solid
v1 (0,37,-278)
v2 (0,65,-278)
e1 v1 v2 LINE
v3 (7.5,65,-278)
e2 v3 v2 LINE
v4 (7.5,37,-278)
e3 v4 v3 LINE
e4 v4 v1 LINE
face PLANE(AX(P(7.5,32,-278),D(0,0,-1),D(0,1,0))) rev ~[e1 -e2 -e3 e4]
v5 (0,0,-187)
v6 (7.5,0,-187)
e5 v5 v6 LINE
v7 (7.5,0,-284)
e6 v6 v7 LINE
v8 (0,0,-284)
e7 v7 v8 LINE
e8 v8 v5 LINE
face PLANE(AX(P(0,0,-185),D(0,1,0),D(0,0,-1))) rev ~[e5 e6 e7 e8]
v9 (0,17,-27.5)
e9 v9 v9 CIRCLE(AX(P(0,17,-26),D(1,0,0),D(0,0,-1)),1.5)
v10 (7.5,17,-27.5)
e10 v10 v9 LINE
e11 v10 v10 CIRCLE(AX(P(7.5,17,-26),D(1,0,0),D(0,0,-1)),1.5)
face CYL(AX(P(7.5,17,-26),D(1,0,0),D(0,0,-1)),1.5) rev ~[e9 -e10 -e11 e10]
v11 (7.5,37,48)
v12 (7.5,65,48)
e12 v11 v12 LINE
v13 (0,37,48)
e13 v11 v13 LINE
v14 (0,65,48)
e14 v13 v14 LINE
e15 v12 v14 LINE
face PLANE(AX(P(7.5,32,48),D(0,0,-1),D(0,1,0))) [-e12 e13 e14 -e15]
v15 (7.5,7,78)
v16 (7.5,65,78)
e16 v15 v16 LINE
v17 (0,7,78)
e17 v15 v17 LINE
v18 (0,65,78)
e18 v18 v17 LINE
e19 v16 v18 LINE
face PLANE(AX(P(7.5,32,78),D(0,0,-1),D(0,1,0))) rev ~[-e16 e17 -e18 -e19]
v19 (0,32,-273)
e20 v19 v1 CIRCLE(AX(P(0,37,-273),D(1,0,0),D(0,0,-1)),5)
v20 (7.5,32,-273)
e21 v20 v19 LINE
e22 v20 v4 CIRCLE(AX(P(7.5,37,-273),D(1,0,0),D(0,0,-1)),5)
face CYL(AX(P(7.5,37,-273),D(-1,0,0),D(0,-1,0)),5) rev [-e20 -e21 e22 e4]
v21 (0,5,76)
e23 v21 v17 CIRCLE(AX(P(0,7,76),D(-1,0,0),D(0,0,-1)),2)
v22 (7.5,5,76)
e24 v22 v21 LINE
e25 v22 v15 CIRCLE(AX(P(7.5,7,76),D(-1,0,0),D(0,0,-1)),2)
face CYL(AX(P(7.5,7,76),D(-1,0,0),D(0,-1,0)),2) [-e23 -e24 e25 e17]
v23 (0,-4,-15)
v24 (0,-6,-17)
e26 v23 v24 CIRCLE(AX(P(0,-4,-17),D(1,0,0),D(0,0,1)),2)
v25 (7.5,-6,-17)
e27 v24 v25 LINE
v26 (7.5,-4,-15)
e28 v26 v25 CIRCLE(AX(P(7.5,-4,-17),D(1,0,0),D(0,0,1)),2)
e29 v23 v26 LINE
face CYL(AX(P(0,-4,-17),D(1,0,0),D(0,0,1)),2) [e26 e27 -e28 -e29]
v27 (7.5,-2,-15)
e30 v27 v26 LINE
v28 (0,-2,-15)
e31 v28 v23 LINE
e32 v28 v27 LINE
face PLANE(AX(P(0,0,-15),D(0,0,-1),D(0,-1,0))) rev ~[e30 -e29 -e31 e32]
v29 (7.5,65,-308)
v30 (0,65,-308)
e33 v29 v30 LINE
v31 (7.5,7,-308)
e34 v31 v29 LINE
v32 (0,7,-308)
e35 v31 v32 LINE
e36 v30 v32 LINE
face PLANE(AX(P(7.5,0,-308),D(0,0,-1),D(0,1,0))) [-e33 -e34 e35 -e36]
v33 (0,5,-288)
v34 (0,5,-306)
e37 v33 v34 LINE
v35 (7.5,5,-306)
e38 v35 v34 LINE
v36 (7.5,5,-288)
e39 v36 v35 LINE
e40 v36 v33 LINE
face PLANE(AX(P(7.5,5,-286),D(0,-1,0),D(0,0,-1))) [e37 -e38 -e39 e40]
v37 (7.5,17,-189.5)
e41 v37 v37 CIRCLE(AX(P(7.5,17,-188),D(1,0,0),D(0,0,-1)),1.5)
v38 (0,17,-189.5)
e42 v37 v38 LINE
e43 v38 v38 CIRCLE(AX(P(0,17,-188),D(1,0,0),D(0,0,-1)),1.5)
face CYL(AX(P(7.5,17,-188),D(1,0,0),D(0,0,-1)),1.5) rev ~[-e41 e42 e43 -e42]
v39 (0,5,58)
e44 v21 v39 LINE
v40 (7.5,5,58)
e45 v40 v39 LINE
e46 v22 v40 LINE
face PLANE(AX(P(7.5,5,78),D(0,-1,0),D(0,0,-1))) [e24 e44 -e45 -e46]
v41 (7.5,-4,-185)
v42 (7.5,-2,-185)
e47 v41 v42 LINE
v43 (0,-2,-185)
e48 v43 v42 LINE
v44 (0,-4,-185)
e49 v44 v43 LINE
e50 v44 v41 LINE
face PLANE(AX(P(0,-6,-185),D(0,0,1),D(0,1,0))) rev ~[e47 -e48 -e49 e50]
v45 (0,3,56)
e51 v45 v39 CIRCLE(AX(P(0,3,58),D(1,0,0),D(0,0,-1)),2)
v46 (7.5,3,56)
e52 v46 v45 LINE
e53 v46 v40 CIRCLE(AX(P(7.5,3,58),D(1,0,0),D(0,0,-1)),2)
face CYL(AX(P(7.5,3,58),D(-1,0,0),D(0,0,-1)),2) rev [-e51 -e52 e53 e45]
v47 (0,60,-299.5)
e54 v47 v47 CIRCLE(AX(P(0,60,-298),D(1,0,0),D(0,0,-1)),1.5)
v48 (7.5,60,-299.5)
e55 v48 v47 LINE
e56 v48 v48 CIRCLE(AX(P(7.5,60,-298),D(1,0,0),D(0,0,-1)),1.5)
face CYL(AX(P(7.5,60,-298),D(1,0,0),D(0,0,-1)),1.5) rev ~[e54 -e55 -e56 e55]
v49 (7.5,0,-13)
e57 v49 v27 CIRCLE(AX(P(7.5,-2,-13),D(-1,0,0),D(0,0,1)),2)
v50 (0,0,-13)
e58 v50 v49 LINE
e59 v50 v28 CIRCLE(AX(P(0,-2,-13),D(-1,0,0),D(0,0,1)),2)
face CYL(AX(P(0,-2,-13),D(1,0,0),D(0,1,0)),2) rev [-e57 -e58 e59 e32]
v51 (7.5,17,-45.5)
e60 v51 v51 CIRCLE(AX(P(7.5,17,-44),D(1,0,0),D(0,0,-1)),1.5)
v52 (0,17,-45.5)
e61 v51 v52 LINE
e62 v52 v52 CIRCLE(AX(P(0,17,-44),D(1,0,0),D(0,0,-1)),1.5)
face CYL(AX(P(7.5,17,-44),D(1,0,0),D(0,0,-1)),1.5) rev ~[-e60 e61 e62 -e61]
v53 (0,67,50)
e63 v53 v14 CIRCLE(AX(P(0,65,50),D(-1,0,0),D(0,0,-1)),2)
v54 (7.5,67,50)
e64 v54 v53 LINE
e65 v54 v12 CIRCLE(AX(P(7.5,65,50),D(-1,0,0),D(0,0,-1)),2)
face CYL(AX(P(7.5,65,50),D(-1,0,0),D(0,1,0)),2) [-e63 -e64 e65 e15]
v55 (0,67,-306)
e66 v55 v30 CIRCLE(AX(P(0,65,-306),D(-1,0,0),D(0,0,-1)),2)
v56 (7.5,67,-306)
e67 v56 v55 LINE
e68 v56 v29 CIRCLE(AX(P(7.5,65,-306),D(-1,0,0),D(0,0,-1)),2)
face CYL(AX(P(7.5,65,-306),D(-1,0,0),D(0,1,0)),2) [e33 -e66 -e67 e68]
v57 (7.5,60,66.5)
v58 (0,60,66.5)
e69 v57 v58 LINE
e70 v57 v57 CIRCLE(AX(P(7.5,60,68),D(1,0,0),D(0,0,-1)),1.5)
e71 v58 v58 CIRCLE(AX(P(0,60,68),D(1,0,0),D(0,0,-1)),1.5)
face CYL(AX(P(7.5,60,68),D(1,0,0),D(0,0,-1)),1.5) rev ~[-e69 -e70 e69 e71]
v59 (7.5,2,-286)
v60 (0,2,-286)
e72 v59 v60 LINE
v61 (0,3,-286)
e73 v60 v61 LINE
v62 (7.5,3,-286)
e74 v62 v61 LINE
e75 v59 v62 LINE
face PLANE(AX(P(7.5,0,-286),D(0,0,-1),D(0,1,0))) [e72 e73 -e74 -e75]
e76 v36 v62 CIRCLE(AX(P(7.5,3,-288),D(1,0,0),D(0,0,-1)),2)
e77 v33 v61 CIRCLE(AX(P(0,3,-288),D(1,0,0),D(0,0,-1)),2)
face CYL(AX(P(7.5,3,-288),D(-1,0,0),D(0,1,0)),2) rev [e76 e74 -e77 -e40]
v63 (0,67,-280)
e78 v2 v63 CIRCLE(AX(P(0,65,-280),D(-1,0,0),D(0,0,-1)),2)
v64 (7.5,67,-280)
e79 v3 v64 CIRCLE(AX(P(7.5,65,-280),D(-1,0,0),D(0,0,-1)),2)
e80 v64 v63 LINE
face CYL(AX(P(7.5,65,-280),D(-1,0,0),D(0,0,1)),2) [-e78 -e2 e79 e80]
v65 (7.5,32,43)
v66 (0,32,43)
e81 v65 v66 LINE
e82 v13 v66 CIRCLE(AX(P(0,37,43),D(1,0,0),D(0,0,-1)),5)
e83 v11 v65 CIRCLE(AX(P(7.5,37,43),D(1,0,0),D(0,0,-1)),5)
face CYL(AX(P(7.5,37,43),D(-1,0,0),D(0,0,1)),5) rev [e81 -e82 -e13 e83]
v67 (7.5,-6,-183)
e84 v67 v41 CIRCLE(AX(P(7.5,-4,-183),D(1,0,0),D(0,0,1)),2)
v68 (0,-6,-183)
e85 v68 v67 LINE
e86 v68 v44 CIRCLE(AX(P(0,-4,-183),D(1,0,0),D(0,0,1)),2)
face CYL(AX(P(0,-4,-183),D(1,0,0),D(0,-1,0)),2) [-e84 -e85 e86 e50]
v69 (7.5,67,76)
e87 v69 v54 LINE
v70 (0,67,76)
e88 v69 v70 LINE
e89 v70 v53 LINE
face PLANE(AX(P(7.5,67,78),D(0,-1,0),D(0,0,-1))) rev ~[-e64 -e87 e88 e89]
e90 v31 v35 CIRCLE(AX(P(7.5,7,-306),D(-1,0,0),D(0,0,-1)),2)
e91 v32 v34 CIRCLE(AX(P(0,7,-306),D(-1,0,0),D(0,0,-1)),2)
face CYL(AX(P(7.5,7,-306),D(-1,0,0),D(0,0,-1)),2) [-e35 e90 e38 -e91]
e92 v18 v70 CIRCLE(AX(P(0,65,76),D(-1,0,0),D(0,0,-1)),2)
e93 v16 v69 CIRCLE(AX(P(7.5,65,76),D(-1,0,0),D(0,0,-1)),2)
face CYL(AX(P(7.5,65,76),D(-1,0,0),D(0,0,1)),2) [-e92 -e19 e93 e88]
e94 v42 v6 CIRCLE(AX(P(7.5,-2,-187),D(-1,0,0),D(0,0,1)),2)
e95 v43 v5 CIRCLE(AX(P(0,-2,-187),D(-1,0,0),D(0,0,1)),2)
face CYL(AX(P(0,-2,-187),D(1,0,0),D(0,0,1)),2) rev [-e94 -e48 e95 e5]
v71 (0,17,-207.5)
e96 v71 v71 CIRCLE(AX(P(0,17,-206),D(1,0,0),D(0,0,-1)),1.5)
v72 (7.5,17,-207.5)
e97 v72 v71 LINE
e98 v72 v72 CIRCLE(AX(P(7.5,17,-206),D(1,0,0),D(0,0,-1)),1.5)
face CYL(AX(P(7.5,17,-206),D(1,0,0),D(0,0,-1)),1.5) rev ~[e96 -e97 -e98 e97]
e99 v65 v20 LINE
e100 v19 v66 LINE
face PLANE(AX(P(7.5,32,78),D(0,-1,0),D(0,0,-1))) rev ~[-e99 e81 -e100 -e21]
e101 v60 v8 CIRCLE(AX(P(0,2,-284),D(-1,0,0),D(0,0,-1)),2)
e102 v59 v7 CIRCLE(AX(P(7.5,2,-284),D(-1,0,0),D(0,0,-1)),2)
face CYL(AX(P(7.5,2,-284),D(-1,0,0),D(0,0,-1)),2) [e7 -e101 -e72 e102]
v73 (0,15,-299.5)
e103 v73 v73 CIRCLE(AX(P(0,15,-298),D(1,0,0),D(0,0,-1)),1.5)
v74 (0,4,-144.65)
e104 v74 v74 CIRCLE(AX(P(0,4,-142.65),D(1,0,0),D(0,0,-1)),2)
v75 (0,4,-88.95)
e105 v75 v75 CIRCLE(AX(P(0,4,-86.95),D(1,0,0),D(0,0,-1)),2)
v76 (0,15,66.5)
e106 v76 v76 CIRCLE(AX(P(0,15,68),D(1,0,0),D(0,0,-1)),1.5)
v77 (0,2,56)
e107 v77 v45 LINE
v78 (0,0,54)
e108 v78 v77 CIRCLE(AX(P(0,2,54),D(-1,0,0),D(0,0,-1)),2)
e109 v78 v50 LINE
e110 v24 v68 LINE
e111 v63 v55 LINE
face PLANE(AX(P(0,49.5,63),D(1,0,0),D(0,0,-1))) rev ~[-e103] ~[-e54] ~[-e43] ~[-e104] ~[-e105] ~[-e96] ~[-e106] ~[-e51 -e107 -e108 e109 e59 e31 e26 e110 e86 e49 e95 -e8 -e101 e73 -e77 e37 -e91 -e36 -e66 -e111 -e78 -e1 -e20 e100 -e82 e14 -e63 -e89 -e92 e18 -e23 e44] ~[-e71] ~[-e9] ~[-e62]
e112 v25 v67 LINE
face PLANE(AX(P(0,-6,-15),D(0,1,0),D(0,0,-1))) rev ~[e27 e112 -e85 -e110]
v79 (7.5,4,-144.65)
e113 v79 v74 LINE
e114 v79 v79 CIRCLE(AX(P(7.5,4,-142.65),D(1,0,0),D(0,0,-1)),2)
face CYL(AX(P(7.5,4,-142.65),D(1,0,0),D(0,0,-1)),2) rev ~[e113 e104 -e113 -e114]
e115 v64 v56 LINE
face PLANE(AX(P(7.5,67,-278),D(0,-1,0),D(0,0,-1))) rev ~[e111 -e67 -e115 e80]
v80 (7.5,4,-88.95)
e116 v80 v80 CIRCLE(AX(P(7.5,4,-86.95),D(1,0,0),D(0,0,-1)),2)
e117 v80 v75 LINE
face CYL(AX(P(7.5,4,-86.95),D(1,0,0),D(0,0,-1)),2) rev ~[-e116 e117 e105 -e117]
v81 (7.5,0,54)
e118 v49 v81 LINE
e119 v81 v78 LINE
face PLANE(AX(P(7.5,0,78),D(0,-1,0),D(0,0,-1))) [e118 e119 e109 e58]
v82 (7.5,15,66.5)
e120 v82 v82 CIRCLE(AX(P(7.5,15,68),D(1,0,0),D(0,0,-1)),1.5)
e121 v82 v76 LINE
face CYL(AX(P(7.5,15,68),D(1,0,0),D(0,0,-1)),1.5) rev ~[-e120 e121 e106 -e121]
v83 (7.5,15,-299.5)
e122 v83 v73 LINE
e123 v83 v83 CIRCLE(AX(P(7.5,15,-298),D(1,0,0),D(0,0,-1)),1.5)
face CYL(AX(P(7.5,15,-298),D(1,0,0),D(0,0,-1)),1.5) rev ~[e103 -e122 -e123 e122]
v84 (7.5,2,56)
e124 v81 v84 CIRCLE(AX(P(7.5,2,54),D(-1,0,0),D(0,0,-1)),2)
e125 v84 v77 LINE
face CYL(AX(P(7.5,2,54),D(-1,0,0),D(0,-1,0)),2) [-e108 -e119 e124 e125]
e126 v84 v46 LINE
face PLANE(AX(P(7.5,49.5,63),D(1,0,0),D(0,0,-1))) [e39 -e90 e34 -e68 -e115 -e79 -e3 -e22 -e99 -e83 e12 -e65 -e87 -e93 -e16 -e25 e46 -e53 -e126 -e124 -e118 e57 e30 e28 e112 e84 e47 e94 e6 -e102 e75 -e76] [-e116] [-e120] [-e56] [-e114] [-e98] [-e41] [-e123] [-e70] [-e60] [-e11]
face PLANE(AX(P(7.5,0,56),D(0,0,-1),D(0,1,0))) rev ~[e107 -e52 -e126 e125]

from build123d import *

# Parameters (mm, degrees)
EXTRUDE_1_DEPTH     = 7.5
SKETCH_2_R          = 2
CUT_EXTRUDE_1_DEPTH = 8.5
SKETCH_9_W          = 78
SKETCH_9_H          = 32
SKETCH_9_W_2        = 103
EXTRUDE_3_DEPTH     = 7.5
SKETCH_11_W         = 30
SKETCH_11_H         = 35
EXTRUDE_4_DEPTH     = 7.5
SKETCH_10_R         = 1.5
CUT_EXTRUDE_6_DEPTH = 8.5
FILLET_1_R          = 2
FILLET_3_R          = 5
SKETCH_12_W         = 22
SKETCH_12_H         = 5
CUT_EXTRUDE_7_DEPTH = 8.5
FILLET_4_R          = 2
SKETCH_13_R         = 1.5
CUT_EXTRUDE_8_DEPTH = 8.5


with BuildPart() as part:
    # 草图1 → 凸台-拉伸1 (new body)
    with BuildSketch(Plane(origin=(0, 0, 0), x_dir=(0, 0, -1), z_dir=(1, 0, 0))):
        Polygon((0, 32), (0, 0), (15, 0), (15, -6), (185, -6), (185, 0), (205, 0), (205, 32), align=None)
    extrude(amount=EXTRUDE_1_DEPTH)

    # 草图2 → 切除-拉伸1 (cut, through all)
    with BuildSketch(Plane(origin=(7.5, 0, 0), x_dir=(0, 0, -1), z_dir=(1, 0, 0))):
        with Locations((86.95, 4)):
            Circle(SKETCH_2_R)
        with Locations((142.65, 4)):
            Circle(SKETCH_2_R)
    extrude(amount=-CUT_EXTRUDE_1_DEPTH, mode=Mode.SUBTRACT)

    # 草图9 → 凸台-拉伸3 (add)
    with BuildSketch(Plane(origin=(7.5, 0, 0), x_dir=(0, 0, -1), z_dir=(1, 0, 0))):
        with Locations((-39, 16)):
            Rectangle(SKETCH_9_W, SKETCH_9_H)
        with Locations((256.5, 16)):
            Rectangle(SKETCH_9_W_2, SKETCH_9_H)
    extrude(amount=-EXTRUDE_3_DEPTH)

    # 草图11 → 凸台-拉伸4 (add)
    with BuildSketch(Plane(origin=(7.5, 0, 0), x_dir=(0, 0, -1), z_dir=(1, 0, 0))):
        with Locations((-63, 49.5)):
            Rectangle(SKETCH_11_W, SKETCH_11_H)
        with Locations((293, 49.5)):
            Rectangle(SKETCH_11_W, SKETCH_11_H)
    extrude(amount=-EXTRUDE_4_DEPTH)

    # 草图10 → 切除-拉伸6 (cut, through all)
    with BuildSketch(Plane(origin=(7.5, 0, 0), x_dir=(0, 0, -1), z_dir=(1, 0, 0))):
        with Locations((-68, 15)):
            Circle(SKETCH_10_R)
        with Locations((298, 15)):
            Circle(SKETCH_10_R)
        with Locations((-68, 60)):
            Circle(SKETCH_10_R)
        with Locations((298, 60)):
            Circle(SKETCH_10_R)
    extrude(amount=-CUT_EXTRUDE_6_DEPTH, mode=Mode.SUBTRACT)

    # 圆角1
    fillet_1_edges = [part.edges().sort_by_distance(p)[0] for p in [
        (3.75, 0, -185),
        (3.75, -6, -185),
        (3.75, -6, -15),
        (3.75, 0, -15),
        (3.75, 0, 78),
        (3.75, 0, -308),
        (3.75, 67, 78),
        (3.75, 67, 48),
        (3.75, 67, -308),
        (3.75, 67, -278),
    ]]
    fillet(fillet_1_edges, radius=FILLET_1_R)

    # 圆角3
    fillet_3_edges = [part.edges().sort_by_distance(p)[0] for p in [
        (3.75, 32, 48),
        (3.75, 32, -278),
    ]]
    fillet(fillet_3_edges, radius=FILLET_3_R)

    # 草图12 → 切除-拉伸7 (cut, through all)
    with BuildSketch(Plane(origin=(7.5, 0, 0), x_dir=(0, 0, -1), z_dir=(1, 0, 0))):
        with Locations((-67, 2.5)):
            Rectangle(SKETCH_12_W, SKETCH_12_H)
        with Locations((297, 2.5)):
            Rectangle(SKETCH_12_W, SKETCH_12_H)
    extrude(amount=-CUT_EXTRUDE_7_DEPTH, mode=Mode.SUBTRACT)

    # 圆角4
    fillet_4_edges = [part.edges().sort_by_distance(p)[0] for p in [
        (3.75, 5, 78),
        (3.75, 5, 56),
        (3.75, 0, 56),
        (3.75, 5, -308),
        (3.75, 0, -286),
        (3.75, 5, -286),
    ]]
    fillet(fillet_4_edges, radius=FILLET_4_R)

    # 草图13 → 切除-拉伸8 (cut, through all)
    with BuildSketch(Plane(origin=(7.5, 0, 0), x_dir=(0, 0, -1), z_dir=(1, 0, 0))):
        with Locations((205.999999668, 17.000000039)):
            Circle(SKETCH_13_R)
        with Locations((187.999999668, 17.000000039)):
            Circle(SKETCH_13_R)
        with Locations((43.999999668, 17.000000039)):
            Circle(SKETCH_13_R)
        with Locations((25.999999668, 17.000000039)):
            Circle(SKETCH_13_R)
    extrude(amount=-CUT_EXTRUDE_8_DEPTH, mode=Mode.SUBTRACT)


solid = part.part
